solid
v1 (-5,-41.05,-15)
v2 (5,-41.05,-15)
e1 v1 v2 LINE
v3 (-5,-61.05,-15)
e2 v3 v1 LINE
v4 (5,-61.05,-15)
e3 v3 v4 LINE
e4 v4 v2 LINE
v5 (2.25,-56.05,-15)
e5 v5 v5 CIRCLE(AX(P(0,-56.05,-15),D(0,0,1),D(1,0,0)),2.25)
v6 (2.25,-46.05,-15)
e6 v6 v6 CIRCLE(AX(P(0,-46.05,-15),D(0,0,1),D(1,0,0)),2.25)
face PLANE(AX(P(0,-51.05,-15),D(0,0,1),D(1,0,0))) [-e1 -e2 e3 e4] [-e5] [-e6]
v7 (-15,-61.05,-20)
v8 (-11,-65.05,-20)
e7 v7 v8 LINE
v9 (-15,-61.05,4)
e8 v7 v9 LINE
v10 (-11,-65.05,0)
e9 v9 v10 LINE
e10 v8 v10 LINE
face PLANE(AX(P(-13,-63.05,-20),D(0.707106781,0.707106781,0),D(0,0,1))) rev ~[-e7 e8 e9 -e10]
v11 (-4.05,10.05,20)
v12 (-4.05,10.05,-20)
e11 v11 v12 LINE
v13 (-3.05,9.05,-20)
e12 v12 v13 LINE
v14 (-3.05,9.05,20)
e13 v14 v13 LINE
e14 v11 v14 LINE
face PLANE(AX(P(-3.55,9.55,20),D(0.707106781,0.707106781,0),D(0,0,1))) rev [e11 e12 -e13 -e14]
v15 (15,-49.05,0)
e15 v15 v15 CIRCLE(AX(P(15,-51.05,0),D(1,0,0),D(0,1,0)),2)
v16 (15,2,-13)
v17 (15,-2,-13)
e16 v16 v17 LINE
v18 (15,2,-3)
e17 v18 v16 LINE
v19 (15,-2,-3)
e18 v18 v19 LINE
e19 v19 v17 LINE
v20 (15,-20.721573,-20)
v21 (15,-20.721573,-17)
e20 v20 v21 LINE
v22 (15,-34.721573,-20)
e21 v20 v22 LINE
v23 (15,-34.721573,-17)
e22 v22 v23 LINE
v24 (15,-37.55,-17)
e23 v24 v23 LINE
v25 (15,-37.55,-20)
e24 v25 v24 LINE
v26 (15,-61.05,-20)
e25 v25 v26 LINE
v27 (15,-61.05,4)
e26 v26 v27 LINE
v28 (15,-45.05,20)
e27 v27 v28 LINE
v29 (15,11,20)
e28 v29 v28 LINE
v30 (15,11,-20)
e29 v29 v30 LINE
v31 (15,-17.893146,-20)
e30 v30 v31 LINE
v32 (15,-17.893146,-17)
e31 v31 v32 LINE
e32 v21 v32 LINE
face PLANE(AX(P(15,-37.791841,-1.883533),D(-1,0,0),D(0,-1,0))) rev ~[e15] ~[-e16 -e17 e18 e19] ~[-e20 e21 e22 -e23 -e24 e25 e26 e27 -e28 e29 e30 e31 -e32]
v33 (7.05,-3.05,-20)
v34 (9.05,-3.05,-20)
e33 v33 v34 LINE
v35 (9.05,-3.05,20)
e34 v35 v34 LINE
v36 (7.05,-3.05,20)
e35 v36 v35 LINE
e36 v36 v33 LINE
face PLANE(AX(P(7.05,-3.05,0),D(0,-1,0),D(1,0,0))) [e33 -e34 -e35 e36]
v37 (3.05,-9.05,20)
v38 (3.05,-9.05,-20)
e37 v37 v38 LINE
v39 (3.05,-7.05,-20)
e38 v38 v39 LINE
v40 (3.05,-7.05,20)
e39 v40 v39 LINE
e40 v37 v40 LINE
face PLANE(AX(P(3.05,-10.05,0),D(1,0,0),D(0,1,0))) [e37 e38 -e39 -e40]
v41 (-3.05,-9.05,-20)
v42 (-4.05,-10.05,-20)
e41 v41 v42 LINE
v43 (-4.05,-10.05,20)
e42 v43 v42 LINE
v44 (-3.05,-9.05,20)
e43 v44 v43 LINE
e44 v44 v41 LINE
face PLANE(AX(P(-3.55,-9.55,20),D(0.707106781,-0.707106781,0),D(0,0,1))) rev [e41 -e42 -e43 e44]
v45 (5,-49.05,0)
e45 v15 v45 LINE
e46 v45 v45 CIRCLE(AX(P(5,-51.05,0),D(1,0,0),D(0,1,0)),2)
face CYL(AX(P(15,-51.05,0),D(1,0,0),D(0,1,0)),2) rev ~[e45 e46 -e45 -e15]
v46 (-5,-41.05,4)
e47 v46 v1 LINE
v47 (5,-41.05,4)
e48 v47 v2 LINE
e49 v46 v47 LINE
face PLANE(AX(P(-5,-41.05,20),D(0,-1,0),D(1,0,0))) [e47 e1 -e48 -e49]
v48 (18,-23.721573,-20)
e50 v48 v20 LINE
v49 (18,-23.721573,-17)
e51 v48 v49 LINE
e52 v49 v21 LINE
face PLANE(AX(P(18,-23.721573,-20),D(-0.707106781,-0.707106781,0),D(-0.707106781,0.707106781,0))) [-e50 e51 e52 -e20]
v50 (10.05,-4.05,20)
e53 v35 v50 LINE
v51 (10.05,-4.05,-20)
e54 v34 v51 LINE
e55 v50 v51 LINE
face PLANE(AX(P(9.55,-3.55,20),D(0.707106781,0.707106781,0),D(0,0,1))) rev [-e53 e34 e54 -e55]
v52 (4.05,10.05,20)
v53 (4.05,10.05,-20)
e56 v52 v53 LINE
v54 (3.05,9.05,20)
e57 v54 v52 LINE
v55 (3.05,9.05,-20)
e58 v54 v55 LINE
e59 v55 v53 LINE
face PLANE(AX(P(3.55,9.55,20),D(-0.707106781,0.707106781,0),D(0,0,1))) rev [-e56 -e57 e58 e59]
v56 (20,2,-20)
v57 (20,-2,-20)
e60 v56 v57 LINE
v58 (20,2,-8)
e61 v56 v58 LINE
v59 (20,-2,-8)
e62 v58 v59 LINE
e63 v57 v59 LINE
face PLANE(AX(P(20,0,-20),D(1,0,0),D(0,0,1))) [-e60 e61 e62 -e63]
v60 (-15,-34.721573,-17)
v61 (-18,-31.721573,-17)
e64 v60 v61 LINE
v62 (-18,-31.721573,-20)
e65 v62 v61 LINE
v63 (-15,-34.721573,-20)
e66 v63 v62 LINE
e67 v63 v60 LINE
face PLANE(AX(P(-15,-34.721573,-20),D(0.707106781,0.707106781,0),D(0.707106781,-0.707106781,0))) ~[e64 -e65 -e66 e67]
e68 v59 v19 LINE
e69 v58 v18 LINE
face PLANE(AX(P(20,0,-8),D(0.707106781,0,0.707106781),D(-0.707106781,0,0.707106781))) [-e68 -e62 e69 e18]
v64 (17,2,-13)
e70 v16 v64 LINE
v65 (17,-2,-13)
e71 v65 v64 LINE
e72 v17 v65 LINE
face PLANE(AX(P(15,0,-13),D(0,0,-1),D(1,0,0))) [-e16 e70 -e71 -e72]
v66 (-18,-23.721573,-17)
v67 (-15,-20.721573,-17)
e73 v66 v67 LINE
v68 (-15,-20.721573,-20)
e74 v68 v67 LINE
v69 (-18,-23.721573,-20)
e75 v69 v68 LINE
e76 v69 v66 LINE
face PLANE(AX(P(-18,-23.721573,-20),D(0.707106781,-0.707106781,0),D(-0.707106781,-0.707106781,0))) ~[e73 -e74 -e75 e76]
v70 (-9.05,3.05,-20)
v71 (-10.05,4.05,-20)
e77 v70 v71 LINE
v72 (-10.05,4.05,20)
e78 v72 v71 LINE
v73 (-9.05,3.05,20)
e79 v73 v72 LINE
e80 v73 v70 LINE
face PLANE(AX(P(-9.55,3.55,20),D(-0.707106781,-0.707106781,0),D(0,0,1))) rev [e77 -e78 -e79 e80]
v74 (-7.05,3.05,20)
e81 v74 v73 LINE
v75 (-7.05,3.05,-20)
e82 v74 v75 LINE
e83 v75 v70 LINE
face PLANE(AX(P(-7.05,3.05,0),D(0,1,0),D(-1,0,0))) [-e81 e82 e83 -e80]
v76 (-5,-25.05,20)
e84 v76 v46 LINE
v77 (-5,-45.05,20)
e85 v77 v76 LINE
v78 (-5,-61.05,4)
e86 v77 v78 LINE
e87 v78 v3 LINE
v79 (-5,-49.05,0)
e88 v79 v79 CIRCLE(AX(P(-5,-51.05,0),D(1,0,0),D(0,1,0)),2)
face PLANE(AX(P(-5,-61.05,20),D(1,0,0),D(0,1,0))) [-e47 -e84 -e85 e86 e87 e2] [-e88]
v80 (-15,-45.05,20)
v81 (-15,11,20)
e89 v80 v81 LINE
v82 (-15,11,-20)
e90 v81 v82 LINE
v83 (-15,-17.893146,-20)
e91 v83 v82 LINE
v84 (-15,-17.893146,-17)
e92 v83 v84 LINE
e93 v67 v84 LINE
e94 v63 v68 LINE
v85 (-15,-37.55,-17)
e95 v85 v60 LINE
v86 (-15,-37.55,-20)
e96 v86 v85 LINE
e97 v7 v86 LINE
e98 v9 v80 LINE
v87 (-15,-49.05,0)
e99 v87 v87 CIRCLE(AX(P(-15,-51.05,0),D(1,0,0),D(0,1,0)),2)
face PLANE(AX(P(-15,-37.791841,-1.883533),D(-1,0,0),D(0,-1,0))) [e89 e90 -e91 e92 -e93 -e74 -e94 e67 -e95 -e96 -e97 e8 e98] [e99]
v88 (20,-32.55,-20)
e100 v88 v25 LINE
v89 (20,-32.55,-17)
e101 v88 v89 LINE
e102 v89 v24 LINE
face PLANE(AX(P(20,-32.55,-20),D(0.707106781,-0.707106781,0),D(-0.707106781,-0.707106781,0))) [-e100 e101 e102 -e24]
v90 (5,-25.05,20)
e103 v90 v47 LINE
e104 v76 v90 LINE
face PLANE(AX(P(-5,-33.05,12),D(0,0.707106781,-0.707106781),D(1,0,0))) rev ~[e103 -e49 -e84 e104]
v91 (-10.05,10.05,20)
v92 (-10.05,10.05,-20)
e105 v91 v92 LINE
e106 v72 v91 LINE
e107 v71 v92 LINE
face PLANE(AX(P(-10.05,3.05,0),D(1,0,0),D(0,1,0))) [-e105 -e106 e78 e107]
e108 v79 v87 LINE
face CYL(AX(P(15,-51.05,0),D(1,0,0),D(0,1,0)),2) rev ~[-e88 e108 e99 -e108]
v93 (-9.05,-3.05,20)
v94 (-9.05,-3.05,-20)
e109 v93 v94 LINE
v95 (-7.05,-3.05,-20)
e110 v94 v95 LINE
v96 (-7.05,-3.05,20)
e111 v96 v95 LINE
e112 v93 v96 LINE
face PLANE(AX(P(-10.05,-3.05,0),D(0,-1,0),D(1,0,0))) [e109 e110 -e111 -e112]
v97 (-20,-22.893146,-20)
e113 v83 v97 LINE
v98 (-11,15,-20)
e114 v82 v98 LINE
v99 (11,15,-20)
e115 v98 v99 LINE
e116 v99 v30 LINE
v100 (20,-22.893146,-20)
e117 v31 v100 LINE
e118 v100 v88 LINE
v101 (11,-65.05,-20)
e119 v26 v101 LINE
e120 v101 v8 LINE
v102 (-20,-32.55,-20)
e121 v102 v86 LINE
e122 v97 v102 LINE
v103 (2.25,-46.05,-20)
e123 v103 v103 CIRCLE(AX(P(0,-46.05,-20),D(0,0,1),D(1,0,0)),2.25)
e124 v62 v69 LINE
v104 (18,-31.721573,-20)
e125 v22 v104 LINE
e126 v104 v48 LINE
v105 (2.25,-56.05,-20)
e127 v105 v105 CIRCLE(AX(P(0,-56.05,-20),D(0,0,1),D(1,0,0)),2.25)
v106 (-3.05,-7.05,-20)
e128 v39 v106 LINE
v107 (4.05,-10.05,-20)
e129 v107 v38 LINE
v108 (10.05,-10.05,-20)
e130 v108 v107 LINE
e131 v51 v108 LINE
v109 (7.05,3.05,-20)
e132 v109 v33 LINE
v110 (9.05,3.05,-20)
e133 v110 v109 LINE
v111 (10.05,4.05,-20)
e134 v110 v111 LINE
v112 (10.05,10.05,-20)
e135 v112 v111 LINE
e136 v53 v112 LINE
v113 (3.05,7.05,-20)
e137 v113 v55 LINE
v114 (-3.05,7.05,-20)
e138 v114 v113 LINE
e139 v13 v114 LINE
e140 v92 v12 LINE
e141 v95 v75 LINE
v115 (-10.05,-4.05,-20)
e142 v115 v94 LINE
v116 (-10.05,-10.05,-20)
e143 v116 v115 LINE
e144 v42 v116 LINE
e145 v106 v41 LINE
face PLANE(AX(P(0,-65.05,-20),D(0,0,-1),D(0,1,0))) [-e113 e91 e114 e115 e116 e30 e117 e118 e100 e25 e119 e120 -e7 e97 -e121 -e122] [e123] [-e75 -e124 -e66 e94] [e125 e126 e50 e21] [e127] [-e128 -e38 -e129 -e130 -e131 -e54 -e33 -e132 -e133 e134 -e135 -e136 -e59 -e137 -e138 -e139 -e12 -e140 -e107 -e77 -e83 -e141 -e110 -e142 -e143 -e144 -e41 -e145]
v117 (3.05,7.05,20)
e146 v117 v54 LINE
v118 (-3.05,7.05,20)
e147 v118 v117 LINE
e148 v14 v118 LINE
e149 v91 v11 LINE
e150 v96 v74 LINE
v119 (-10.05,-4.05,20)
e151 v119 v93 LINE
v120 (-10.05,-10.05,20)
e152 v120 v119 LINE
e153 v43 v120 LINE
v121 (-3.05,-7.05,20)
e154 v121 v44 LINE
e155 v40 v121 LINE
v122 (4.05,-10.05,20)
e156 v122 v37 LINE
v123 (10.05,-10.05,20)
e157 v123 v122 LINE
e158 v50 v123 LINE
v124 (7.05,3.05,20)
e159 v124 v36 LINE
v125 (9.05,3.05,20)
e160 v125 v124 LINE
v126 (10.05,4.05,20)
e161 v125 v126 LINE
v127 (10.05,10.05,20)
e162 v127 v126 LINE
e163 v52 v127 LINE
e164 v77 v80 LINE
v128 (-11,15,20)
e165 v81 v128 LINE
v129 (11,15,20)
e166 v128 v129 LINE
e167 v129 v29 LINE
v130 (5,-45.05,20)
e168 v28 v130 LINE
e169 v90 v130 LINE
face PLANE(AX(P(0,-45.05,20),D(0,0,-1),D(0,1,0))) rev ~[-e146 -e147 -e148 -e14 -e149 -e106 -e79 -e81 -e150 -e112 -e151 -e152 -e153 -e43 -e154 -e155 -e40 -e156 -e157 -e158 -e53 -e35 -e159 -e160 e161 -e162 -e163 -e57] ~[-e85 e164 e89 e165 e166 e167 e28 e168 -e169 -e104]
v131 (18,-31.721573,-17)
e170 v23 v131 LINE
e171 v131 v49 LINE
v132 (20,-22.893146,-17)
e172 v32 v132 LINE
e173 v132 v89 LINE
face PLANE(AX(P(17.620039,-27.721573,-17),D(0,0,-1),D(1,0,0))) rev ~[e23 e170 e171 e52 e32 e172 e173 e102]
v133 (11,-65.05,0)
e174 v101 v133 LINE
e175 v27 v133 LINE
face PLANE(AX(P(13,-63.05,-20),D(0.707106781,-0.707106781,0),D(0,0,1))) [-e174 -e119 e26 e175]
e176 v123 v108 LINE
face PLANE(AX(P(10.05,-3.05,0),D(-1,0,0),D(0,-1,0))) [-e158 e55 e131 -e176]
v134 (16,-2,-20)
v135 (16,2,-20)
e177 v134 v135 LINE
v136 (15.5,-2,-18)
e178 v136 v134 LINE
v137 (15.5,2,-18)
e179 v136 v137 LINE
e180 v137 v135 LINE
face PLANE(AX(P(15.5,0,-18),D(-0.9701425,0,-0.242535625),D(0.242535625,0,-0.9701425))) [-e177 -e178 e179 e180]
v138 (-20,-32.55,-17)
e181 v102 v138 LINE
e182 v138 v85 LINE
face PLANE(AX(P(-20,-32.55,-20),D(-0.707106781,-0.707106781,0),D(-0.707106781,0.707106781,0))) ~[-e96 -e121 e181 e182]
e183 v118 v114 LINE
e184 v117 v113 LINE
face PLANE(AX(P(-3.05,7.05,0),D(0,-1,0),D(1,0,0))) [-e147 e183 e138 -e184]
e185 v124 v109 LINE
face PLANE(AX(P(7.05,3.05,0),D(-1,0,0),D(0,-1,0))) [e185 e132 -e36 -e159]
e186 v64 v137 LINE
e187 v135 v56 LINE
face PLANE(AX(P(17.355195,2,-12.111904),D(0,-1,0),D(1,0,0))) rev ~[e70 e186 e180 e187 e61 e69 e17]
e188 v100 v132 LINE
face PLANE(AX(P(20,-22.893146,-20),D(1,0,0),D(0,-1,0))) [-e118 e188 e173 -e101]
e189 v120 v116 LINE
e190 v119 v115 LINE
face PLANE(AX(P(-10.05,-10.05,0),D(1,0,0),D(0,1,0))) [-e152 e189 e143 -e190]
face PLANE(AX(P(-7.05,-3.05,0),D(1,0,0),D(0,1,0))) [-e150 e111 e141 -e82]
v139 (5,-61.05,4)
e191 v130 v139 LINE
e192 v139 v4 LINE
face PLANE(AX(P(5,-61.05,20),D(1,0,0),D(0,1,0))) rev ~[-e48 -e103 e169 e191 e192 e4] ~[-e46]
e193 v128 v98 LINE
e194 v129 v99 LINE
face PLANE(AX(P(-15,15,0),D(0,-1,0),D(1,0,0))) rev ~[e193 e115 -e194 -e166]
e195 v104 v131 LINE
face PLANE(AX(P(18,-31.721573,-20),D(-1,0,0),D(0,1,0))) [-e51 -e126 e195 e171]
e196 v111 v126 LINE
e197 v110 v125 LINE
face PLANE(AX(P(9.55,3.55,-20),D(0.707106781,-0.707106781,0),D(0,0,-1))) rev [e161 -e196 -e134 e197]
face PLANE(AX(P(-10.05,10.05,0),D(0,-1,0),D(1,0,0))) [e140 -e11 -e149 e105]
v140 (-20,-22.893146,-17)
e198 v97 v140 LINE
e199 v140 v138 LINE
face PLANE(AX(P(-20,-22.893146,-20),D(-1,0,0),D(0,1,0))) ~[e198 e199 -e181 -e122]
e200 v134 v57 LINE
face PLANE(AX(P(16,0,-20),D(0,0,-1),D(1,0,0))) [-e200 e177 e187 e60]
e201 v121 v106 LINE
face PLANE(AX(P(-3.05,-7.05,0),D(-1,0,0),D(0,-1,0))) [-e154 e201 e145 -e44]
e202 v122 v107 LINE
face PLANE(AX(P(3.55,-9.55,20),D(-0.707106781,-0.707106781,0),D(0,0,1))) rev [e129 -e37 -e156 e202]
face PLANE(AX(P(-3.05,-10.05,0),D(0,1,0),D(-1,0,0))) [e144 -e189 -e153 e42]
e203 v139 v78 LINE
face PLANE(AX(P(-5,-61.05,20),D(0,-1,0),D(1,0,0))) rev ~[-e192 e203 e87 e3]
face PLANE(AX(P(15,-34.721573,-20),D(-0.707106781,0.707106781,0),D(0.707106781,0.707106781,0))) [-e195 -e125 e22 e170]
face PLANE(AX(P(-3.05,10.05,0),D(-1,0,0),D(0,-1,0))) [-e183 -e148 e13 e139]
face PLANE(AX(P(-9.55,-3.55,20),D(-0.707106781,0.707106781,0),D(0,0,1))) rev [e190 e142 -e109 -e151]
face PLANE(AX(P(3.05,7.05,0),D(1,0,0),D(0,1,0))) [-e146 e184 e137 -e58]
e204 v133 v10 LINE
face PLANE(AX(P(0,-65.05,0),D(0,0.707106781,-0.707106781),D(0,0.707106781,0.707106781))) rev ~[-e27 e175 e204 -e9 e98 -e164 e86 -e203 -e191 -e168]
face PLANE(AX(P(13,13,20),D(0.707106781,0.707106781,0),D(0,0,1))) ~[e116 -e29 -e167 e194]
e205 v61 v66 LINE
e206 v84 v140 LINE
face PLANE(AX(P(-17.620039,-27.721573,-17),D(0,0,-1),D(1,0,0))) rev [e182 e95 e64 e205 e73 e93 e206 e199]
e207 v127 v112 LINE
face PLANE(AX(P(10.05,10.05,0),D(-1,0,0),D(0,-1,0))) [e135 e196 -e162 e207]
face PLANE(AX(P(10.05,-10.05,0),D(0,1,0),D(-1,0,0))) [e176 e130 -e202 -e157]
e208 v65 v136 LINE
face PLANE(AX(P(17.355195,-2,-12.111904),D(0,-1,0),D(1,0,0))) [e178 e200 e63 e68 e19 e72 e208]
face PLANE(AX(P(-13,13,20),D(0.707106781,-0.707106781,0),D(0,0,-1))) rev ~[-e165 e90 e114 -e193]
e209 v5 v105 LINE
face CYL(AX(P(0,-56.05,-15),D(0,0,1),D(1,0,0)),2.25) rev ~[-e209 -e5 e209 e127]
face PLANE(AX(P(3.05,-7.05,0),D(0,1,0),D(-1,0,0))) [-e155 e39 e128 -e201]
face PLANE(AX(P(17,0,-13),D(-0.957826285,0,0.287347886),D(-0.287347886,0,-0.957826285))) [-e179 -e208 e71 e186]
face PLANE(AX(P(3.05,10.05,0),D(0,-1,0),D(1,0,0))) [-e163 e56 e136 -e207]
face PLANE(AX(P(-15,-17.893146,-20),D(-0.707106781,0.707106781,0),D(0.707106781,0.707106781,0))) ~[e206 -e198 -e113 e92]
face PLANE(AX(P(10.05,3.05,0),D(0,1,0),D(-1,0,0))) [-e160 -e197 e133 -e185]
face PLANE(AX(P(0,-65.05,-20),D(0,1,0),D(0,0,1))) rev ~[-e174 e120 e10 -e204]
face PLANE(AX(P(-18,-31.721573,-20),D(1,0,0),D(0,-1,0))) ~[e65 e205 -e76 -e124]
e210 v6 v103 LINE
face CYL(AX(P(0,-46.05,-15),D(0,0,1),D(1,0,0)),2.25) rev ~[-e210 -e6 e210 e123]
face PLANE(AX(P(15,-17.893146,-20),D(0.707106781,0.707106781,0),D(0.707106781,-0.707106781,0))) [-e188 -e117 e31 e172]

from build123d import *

# Parameters (mm, degrees)
SKETCH002_W     = 30
SKETCH002_H     = 30
PAD002_DEPTH    = 20
CHAMFER_SIZE    = 1
PAD003_DEPTH    = 15
SKETCH004_W     = 10
SKETCH004_H     = 20
POCKET_DEPTH    = 35
CHAMFER001_SIZE = 16
SKETCH005_R     = 2.25
POCKET001_DEPTH = 5.001
PAD004_DEPTH    = 2
CHAMFER002_SIZE = 4
SKETCH017_R     = 2
POCKET004_DEPTH = 30.001
PAD011_DEPTH    = 3


with BuildPart() as part:
    # Sketch002 → Pad002 (new body, symmetric)
    with BuildSketch(Plane.XY):
        Rectangle(SKETCH002_W, SKETCH002_H)
        Polygon((10.05, 3.05), (7.05, 3.05), (7.05, -3.05), (10.05, -3.05), (10.05, -10.05), (3.05, -10.05), (3.05, -7.05), (-3.05, -7.05), (-3.05, -10.05), (-10.05, -10.05), (-10.05, -3.05), (-7.05, -3.05), (-7.05, 3.05), (-10.05, 3.05), (-10.05, 10.05), (-3.05, 10.05), (-3.05, 7.05), (3.05, 7.05), (3.05, 10.05), (10.05, 10.05), align=None, mode=Mode.SUBTRACT)
    extrude(amount=PAD002_DEPTH, both=True)

    # Chamfer
    chamfer_edges = [part.edges().sort_by_distance(p)[0] for p in [
        (-10.05, 3.05, 0),
        (-3.05, 10.05, 0),
        (-10.05, -3.05, 0),
        (-3.05, -10.05, 0),
        (3.05, -10.05, 0),
        (10.05, -3.05, 0),
        (10.05, 3.05, 0),
        (3.05, 10.05, 0),
    ]]
    chamfer(chamfer_edges, length=CHAMFER_SIZE)

    # Sketch003 → Pad003 (join, symmetric)
    with BuildSketch(Plane.YZ):
        Polygon((-15, -20), (-40.05, -20), (-65.05, -20), (-65.05, 0), (-45.05, 20), (-15, 20), align=None)
    extrude(amount=PAD003_DEPTH, both=True)

    # Sketch004 (on Face35 of Pad003) → Pocket (cut)
    with BuildSketch(Plane.XY.offset(20)):
        with Locations((0, -51.05)):
            Rectangle(SKETCH004_W, SKETCH004_H)
    extrude(amount=-POCKET_DEPTH, mode=Mode.SUBTRACT)

    # Chamfer001
    chamfer001_edges = [part.edges().sort_by_distance(p)[0] for p in [
        (0, -41.05, 20),
    ]]
    chamfer(chamfer001_edges, length=CHAMFER001_SIZE)

    # Sketch005 (on Face10 of Chamfer001) → Pocket001 (cut, through all)
    with BuildSketch(Plane.XY.offset(-15)):
        with Locations((0, -46.05)):
            Circle(SKETCH005_R)
        with Locations((0, -56.05)):
            Circle(SKETCH005_R)
    extrude(amount=-POCKET001_DEPTH, mode=Mode.SUBTRACT)

    # Sketch006 → Pad004 (join, symmetric)
    with BuildSketch(Plane.XZ):
        Polygon((16, -20), (20, -20), (20, -8), (15, -3), (15, -13), (17, -13), (15.5, -18), align=None)
    extrude(amount=PAD004_DEPTH, both=True)

    # Chamfer002
    chamfer002_edges = [part.edges().sort_by_distance(p)[0] for p in [
        (-15, -65.05, -10),
        (15, -65.05, -10),
        (-15, 15, 0),
        (15, 15, 0),
    ]]
    chamfer(chamfer002_edges, length=CHAMFER002_SIZE)

    # Sketch017 (on Face9 of Chamfer002) → Pocket004 (cut, through all)
    with BuildSketch(Plane.YZ.offset(15)):
        with Locations((-51.05, 0)):
            Circle(SKETCH017_R)
    extrude(amount=-POCKET004_DEPTH, mode=Mode.SUBTRACT)

    # Sketch019 (on Face12 of Pocket004) → Pad011 (join)
    with BuildSketch(Plane(origin=(0, 0, -20), x_dir=(1, 0, 0), z_dir=(0, 0, -1))):
        Polygon((15, 34.721573), (18, 31.721573), (18, 23.721573), (15, 20.721573), (15, 17.893146), (20, 22.893146), (20, 32.55), (15, 37.55), align=None)
    pad011 = extrude(amount=-PAD011_DEPTH)

    # Mirrored001: Pad011 across Sketch019 V_Axis
    add(pad011.mirror(Plane(origin=(0, 0, -20), x_dir=(0, 0, -1), z_dir=(1, 0, 0))))


solid = part.part
